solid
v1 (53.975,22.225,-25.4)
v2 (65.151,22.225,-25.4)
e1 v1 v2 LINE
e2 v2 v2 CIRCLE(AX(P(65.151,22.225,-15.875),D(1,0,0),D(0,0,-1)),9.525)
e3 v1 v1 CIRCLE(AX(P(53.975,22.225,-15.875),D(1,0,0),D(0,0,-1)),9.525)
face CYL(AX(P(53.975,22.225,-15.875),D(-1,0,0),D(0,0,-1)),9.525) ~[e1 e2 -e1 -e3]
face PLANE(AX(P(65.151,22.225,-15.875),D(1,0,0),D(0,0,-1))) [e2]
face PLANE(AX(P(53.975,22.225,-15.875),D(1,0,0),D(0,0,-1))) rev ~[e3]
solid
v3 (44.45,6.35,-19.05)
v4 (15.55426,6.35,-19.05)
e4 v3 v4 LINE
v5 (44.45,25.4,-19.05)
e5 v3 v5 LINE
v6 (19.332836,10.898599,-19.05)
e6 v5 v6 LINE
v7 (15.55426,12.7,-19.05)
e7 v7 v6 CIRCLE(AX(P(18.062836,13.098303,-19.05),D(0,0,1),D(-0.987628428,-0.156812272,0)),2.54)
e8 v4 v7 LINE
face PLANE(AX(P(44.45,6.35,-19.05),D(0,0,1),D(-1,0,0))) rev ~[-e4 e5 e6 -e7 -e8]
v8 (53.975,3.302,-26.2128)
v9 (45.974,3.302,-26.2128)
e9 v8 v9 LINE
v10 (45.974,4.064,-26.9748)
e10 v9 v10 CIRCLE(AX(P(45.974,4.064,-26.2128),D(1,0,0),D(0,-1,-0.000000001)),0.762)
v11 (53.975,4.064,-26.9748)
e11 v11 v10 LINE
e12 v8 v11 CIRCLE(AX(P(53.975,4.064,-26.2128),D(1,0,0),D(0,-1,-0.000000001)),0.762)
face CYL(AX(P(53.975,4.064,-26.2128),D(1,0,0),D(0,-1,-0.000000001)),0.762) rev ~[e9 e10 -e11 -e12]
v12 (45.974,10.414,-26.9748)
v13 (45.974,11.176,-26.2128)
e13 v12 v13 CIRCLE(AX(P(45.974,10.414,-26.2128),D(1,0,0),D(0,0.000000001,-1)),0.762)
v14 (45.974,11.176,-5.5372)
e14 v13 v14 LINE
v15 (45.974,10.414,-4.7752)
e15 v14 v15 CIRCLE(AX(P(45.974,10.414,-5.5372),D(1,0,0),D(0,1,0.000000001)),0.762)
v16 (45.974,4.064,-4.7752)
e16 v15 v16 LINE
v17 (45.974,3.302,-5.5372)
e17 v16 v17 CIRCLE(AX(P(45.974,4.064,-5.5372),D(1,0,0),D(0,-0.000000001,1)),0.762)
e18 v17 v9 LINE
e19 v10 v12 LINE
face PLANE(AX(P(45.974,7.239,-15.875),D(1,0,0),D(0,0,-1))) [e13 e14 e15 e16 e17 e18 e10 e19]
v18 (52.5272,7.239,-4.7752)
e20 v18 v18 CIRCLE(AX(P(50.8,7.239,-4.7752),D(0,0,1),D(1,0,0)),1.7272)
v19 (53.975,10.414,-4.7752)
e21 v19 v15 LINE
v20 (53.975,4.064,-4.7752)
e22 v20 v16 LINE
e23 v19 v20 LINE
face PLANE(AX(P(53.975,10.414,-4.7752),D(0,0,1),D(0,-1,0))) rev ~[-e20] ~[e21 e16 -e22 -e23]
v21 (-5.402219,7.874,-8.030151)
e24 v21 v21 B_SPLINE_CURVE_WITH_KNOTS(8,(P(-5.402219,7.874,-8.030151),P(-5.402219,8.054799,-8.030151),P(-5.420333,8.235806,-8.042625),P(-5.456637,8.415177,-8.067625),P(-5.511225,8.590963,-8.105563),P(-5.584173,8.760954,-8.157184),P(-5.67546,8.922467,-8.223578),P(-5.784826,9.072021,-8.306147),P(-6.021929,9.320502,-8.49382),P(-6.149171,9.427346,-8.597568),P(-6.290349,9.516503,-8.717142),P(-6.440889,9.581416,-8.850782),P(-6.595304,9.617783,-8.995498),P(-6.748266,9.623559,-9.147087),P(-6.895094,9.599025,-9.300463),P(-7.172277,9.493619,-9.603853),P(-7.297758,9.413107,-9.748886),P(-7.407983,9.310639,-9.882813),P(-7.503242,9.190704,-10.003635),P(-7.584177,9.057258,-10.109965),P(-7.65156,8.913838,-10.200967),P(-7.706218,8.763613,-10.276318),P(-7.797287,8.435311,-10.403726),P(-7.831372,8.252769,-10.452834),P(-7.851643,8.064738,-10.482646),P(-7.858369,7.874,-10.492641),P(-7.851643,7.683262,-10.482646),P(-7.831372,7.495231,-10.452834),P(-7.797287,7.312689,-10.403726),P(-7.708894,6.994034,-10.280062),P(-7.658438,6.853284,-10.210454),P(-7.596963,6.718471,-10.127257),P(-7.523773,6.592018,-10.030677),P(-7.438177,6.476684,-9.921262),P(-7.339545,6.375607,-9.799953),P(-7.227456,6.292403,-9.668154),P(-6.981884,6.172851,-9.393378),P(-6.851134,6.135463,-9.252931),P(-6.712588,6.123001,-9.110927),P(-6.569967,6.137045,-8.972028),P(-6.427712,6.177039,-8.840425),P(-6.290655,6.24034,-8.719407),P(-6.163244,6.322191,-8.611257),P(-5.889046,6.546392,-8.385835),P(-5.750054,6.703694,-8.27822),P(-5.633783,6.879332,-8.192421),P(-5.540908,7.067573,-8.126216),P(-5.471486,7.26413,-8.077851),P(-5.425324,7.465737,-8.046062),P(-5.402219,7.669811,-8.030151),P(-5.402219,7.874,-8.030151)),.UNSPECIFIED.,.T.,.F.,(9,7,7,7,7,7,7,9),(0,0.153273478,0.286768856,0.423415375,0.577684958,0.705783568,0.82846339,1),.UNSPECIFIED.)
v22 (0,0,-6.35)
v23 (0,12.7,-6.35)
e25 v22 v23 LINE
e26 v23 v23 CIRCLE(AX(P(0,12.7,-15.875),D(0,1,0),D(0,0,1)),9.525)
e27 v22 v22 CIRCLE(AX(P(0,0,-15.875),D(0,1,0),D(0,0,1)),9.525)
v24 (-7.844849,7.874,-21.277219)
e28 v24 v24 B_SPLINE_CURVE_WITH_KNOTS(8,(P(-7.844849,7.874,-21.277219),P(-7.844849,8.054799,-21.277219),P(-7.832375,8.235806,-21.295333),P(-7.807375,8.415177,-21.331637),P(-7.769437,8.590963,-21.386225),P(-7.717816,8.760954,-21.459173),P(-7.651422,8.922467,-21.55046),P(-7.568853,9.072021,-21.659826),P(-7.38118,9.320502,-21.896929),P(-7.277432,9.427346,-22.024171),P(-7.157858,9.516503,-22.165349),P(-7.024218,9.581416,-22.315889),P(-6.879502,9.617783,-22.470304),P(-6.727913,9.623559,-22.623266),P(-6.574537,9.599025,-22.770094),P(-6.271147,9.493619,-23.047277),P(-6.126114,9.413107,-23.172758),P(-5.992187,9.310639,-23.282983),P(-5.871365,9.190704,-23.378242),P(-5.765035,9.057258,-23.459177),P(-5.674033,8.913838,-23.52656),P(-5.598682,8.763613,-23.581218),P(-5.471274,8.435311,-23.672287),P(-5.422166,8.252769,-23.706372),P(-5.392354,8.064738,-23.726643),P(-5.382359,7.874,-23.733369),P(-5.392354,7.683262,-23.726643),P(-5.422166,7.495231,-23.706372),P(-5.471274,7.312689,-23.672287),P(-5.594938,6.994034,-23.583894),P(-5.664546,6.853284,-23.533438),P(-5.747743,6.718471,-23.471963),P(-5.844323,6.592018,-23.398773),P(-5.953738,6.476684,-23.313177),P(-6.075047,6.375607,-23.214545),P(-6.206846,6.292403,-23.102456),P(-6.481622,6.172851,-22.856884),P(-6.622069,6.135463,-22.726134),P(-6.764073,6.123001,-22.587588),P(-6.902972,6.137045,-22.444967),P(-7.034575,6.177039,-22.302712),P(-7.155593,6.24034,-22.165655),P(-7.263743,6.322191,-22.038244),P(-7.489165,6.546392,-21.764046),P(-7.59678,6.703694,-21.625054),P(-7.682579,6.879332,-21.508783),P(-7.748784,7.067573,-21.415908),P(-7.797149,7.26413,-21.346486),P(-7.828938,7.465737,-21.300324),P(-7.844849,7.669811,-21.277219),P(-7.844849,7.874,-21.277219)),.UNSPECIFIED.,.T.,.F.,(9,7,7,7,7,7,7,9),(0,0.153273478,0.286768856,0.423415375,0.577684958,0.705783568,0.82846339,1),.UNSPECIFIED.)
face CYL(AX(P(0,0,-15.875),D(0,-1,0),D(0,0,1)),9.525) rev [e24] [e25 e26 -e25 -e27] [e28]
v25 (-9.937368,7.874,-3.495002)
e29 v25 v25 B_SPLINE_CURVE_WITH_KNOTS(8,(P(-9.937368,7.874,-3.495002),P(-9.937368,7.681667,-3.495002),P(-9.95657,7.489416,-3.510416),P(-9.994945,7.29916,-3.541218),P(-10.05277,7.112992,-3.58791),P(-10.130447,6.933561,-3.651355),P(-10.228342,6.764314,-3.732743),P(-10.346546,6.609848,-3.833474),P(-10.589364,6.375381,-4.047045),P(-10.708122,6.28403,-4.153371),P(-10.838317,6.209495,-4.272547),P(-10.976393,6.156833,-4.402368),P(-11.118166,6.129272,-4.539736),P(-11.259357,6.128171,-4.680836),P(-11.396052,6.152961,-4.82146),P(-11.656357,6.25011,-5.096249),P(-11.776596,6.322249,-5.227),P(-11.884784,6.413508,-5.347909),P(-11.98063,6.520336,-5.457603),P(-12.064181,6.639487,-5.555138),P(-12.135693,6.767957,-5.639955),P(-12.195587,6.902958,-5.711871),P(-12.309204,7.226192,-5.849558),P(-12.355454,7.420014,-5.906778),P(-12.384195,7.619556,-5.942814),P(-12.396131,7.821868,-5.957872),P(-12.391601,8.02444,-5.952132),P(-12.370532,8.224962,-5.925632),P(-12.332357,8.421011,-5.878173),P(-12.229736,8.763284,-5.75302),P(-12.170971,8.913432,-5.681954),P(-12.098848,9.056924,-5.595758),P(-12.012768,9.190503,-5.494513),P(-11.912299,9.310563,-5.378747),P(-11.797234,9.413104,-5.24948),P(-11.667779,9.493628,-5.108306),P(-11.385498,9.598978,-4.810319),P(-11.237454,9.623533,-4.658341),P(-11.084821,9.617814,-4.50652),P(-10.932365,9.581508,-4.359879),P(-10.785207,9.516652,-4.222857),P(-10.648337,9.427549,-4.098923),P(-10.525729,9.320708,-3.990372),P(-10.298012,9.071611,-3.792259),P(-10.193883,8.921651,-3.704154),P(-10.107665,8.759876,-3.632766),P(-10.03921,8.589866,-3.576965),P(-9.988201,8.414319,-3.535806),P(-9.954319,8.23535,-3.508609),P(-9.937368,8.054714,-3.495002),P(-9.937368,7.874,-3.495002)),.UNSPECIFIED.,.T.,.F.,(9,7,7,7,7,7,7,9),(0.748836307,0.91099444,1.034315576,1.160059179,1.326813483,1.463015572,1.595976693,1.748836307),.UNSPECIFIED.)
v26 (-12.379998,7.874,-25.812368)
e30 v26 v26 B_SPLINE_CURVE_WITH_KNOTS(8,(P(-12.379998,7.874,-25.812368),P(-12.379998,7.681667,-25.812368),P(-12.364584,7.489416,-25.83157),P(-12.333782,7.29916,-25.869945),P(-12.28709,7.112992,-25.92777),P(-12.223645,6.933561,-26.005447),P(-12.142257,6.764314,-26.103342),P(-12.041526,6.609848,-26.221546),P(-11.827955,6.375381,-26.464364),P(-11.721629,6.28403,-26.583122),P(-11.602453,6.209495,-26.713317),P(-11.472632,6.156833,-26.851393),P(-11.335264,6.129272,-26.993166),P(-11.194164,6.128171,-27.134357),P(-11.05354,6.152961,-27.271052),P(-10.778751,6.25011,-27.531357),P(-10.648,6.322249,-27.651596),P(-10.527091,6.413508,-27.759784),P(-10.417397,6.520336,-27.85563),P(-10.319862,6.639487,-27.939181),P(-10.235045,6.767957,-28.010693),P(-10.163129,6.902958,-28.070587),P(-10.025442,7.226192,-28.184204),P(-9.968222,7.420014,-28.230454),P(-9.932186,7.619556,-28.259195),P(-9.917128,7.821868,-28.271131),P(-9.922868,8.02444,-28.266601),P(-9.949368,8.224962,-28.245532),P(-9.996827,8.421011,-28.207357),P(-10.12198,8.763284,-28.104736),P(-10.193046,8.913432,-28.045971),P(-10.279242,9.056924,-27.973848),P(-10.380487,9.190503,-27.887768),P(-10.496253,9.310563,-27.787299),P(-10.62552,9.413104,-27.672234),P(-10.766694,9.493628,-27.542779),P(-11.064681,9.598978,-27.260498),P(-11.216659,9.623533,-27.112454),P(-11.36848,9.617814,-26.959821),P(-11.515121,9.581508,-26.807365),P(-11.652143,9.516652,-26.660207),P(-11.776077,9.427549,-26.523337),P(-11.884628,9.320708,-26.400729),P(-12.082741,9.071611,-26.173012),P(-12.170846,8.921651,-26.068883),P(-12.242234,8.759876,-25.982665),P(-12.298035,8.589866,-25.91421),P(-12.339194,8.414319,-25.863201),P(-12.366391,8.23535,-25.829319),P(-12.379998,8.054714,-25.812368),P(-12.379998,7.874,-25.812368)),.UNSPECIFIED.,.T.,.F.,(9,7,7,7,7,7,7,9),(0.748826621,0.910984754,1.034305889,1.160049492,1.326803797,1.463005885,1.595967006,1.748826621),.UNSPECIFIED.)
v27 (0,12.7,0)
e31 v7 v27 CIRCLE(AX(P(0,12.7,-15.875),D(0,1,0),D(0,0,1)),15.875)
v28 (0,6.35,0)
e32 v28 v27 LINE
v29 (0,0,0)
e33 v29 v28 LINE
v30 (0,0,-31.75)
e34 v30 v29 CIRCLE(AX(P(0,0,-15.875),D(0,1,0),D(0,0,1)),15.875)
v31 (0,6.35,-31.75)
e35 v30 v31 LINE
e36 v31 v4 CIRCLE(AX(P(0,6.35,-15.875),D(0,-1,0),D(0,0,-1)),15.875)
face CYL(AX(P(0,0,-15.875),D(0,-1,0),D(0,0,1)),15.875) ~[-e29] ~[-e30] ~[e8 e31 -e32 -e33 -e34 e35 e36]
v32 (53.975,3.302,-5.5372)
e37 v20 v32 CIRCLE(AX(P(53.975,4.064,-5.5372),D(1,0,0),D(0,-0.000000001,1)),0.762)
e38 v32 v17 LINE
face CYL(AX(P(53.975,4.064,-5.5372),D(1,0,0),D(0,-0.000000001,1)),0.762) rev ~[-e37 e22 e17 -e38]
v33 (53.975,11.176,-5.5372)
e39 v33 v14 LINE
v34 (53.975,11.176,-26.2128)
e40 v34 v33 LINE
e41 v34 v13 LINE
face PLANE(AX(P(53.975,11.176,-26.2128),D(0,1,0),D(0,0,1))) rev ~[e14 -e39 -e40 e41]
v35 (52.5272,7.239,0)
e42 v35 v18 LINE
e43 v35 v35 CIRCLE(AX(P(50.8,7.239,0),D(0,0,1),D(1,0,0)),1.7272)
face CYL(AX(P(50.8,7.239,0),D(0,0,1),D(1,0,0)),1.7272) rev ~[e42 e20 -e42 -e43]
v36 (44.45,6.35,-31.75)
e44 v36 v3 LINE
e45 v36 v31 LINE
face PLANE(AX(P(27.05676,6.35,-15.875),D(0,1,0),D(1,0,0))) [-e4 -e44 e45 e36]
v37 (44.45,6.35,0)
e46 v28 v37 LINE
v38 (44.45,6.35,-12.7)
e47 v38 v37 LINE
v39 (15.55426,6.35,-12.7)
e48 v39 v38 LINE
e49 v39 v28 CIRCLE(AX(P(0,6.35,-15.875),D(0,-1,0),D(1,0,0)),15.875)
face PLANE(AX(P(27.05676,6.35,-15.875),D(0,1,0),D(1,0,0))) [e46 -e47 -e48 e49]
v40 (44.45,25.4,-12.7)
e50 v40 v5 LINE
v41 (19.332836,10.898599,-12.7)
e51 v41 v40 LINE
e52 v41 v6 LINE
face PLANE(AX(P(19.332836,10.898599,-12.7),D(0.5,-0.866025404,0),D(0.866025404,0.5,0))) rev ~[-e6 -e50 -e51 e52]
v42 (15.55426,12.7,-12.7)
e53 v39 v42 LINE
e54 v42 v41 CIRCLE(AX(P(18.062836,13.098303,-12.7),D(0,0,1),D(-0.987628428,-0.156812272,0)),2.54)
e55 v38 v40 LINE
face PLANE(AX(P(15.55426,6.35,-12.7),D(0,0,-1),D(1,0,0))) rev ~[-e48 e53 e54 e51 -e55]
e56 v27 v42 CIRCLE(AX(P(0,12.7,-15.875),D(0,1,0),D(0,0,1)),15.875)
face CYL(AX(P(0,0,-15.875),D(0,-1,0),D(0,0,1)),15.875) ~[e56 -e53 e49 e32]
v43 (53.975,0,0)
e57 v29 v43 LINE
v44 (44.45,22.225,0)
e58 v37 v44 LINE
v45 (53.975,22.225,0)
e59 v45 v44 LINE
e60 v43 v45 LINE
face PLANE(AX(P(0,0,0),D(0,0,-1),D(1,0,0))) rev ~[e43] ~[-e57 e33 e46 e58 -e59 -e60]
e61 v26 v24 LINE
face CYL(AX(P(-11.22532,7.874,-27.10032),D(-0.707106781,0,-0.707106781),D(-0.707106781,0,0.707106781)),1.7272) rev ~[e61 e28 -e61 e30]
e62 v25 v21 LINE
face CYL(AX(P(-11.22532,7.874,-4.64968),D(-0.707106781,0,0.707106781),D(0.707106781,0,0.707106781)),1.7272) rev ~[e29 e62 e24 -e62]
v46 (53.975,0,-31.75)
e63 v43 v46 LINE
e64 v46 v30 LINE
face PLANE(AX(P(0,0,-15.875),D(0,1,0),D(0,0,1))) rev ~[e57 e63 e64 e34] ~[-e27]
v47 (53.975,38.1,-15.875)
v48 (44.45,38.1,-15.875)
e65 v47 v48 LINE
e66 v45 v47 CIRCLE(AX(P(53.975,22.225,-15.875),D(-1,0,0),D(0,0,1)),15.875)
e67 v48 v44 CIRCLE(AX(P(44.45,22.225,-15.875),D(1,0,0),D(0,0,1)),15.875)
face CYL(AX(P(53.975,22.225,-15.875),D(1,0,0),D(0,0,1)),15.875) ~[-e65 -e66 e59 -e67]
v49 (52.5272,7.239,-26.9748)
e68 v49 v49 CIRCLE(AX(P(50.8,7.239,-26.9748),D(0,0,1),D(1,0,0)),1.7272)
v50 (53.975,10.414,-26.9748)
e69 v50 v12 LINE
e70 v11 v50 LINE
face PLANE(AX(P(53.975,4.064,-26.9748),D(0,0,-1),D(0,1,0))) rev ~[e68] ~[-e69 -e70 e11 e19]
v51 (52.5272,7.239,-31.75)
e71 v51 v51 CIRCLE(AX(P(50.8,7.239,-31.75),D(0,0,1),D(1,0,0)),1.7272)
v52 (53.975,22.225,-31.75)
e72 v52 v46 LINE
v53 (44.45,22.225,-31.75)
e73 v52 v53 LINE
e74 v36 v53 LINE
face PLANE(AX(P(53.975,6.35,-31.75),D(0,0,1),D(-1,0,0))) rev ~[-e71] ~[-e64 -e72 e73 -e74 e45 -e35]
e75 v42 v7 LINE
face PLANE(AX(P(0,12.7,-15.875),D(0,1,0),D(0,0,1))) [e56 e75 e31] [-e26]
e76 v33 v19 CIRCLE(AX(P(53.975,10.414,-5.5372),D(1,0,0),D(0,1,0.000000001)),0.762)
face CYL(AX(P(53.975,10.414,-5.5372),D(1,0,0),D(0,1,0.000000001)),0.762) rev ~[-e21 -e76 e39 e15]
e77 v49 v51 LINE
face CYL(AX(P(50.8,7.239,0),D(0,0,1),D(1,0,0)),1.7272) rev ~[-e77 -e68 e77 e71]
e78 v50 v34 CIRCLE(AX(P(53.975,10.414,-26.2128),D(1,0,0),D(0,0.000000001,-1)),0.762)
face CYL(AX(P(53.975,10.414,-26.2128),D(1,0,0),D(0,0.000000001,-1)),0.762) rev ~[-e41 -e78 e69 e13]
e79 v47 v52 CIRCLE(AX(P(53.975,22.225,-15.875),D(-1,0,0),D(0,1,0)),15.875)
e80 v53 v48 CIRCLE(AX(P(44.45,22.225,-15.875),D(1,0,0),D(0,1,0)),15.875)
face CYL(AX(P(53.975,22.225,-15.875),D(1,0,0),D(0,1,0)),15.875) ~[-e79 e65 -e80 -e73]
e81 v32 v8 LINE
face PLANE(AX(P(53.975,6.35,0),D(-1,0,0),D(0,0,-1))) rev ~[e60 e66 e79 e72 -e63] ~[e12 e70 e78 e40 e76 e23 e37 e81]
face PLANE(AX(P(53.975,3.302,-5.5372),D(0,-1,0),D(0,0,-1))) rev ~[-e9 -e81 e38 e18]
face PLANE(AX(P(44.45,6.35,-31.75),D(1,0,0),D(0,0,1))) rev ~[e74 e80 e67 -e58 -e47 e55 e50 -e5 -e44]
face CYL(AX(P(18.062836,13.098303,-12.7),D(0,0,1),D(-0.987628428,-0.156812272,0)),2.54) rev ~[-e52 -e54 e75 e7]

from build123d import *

# Parameters (mm, degrees)
BOSS_EXTRUDE1_DEPTH = 6.35
SKETCH1_3_R         = 9.525
BOSS_EXTRUDE2_DEPTH = 12.7
BOSS_EXTRUDE3_DEPTH = 31.75
CUT_EXTRUDE1_REACH  = 70.759
SKETCH4_R           = 9.525
BOSS_EXTRUDE4_DEPTH = 11.176
CUT_EXTRUDE5_DEPTH  = 11.176
CUT_EXTRUDE6_DEPTH  = 8.001
SKETCH6_R           = 1.7272
CUT_EXTRUDE7_DEPTH  = 8.001
SKETCH7_R           = 1.7272
CUT_EXTRUDE8_DEPTH  = 8.001
SKETCH8_R           = 1.7272
CUT_EXTRUDE9_DEPTH  = 32.131


with BuildPart() as part:
    # Sketch1 → Boss-Extrude1 (new body)
    with BuildSketch(Plane(origin=(0, 0, 0), x_dir=(1, 0, 0), z_dir=(0, 1, 0))):
        with BuildLine():
            ThreePointArc((15.875, 15.875), (11.225320151, 4.649679849), (0, 0))
            Line((0, 0), (53.975, 0))
            Line((53.975, 0), (53.975, 31.75))
            Line((53.975, 31.75), (0, 31.75))
            ThreePointArc((0, 31.75), (11.225320151, 27.100320151), (15.875, 15.875))
        make_face()
    extrude(amount=BOSS_EXTRUDE1_DEPTH)

    # Sketch1<3> → Boss-Extrude2 (add)
    with BuildSketch(Plane(origin=(0, 0, 0), x_dir=(1, 0, 0), z_dir=(0, 1, 0))):
        with BuildLine():
            ThreePointArc((0, 31.75), (-15.875, 15.875), (0, 0))
            ThreePointArc((0, 0), (11.225320151, 4.649679849), (15.875, 15.875))
            ThreePointArc((15.875, 15.875), (11.225320151, 27.100320151), (0, 31.75))
        make_face()
        with Locations((0, 15.875)):
            Circle(SKETCH1_3_R, mode=Mode.SUBTRACT)
    extrude(amount=BOSS_EXTRUDE2_DEPTH)

    # Sketch2 → Boss-Extrude3 (add)
    with BuildSketch(Plane(origin=(0, 6.35, 0), x_dir=(1, 0, 0), z_dir=(0, 1, 0))):
        with BuildLine():
            Line((44.45, 19.05), (15.554259867, 19.05))
            ThreePointArc((15.554259867, 19.05), (15.875, 15.875), (15.554259867, 12.7))
            Line((15.554259867, 12.7), (44.45, 12.7))
            Line((44.45, 12.7), (44.45, 0))
            Line((44.45, 0), (53.975, 0))
            Line((53.975, 0), (53.975, 31.75))
            Line((53.975, 31.75), (44.45, 31.75))
            Line((44.45, 31.75), (44.45, 19.05))
        make_face()
    extrude(amount=BOSS_EXTRUDE3_DEPTH)

    # Sketch3 → Cut-Extrude1 (cut, up to next)
    with BuildSketch(Plane.XY.offset(-12.7), mode=Mode.PRIVATE) as cut_extrude1_sk1:
        with BuildLine():
            Line((15.554259867, 38.1), (15.554259867, 12.7))
            ThreePointArc((15.554259867, 12.7), (16.969776393, 10.805527444), (19.332836073, 10.898598646))
            Line((19.332836073, 10.898598646), (44.45, 25.4))
            Line((44.45, 25.4), (44.45, 38.1))
            Line((44.45, 38.1), (15.554259867, 38.1))
        make_face()
    cut_extrude1_tool1 = extrude(cut_extrude1_sk1.sketch, amount=-CUT_EXTRUDE1_REACH, mode=Mode.PRIVATE) & part.part
    add(cut_extrude1_tool1.solids().sort_by_distance((28.175403, 27.146938, -12.7))[0], mode=Mode.SUBTRACT)

    # Sketch4<3> → Cut-Extrude5 (cut)
    with BuildSketch(Plane(origin=(53.975, 0, 0), x_dir=(0, 0, -1), z_dir=(1, 0, 0))):
        with BuildLine():
            ThreePointArc((0, 22.225), (15.875, 38.1), (31.75, 22.225))
            Line((31.75, 22.225), (36.075719822, 22.225))
            Line((36.075719822, 22.225), (36.075719822, 42.558697958))
            Line((36.075719822, 42.558697958), (-5.810634452, 42.558697958))
            Line((-5.810634452, 42.558697958), (-5.810634452, 22.225))
            Line((-5.810634452, 22.225), (0, 22.225))
        make_face()
    extrude(amount=-CUT_EXTRUDE5_DEPTH, mode=Mode.SUBTRACT)

    # Sketch4<4> → Cut-Extrude6 (cut)
    with BuildSketch(Plane(origin=(53.975, 0, 0), x_dir=(0, 0, -1), z_dir=(1, 0, 0))):
        with BuildLine():
            ThreePointArc((5.5372, 11.176), (4.998384633, 10.952815367), (4.7752, 10.414))
            Line((4.7752, 10.414), (4.7752, 4.064))
            ThreePointArc((4.7752, 4.064), (4.998384633, 3.525184633), (5.5372, 3.302))
            Line((5.5372, 3.302), (26.2128, 3.302))
            ThreePointArc((26.2128, 3.302), (26.751615367, 3.525184633), (26.9748, 4.064))
            Line((26.9748, 4.064), (26.9748, 10.414))
            ThreePointArc((26.9748, 10.414), (26.751615367, 10.952815367), (26.2128, 11.176))
            Line((26.2128, 11.176), (5.5372, 11.176))
        make_face()
    extrude(amount=-CUT_EXTRUDE6_DEPTH, mode=Mode.SUBTRACT)

    # Sketch6 → Cut-Extrude7 (cut)
    with BuildSketch(Plane(origin=(-19.162820151, 0, -19.162820151), x_dir=(-0.7071067811865487, 0, 0.7071067811865465), z_dir=(-0.7071067811865465, 0, -0.7071067811865487))):
        with Locations((-11.225320151, 7.874)):
            Circle(SKETCH6_R)
    extrude(amount=-CUT_EXTRUDE7_DEPTH, mode=Mode.SUBTRACT)

    # Sketch7 → Cut-Extrude8 (cut)
    with BuildSketch(Plane(origin=(-11.225320151, 12.7, -4.649679849), x_dir=(0.707106781186549, 0, 0.707106781186546), z_dir=(-0.707106781186546, 0, 0.707106781186549))):
        with Locations((0, -4.826)):
            Circle(SKETCH7_R)
    extrude(amount=-CUT_EXTRUDE8_DEPTH, mode=Mode.SUBTRACT)

    # Sketch8 → Cut-Extrude9 (cut)
    with BuildSketch(Plane.XY):
        with Locations((50.8, 7.239)):
            Circle(SKETCH8_R)
    extrude(amount=-CUT_EXTRUDE9_DEPTH, mode=Mode.SUBTRACT)


with BuildPart() as body_2:
    # Sketch4 → Boss-Extrude4 (new body)
    with BuildSketch(Plane(origin=(53.975, 0, 0), x_dir=(0, 0, -1), z_dir=(1, 0, 0))):
        with Locations((15.875, 22.225)):
            Circle(SKETCH4_R)
    extrude(amount=BOSS_EXTRUDE4_DEPTH)


solid = Compound([part.part, body_2.part])
